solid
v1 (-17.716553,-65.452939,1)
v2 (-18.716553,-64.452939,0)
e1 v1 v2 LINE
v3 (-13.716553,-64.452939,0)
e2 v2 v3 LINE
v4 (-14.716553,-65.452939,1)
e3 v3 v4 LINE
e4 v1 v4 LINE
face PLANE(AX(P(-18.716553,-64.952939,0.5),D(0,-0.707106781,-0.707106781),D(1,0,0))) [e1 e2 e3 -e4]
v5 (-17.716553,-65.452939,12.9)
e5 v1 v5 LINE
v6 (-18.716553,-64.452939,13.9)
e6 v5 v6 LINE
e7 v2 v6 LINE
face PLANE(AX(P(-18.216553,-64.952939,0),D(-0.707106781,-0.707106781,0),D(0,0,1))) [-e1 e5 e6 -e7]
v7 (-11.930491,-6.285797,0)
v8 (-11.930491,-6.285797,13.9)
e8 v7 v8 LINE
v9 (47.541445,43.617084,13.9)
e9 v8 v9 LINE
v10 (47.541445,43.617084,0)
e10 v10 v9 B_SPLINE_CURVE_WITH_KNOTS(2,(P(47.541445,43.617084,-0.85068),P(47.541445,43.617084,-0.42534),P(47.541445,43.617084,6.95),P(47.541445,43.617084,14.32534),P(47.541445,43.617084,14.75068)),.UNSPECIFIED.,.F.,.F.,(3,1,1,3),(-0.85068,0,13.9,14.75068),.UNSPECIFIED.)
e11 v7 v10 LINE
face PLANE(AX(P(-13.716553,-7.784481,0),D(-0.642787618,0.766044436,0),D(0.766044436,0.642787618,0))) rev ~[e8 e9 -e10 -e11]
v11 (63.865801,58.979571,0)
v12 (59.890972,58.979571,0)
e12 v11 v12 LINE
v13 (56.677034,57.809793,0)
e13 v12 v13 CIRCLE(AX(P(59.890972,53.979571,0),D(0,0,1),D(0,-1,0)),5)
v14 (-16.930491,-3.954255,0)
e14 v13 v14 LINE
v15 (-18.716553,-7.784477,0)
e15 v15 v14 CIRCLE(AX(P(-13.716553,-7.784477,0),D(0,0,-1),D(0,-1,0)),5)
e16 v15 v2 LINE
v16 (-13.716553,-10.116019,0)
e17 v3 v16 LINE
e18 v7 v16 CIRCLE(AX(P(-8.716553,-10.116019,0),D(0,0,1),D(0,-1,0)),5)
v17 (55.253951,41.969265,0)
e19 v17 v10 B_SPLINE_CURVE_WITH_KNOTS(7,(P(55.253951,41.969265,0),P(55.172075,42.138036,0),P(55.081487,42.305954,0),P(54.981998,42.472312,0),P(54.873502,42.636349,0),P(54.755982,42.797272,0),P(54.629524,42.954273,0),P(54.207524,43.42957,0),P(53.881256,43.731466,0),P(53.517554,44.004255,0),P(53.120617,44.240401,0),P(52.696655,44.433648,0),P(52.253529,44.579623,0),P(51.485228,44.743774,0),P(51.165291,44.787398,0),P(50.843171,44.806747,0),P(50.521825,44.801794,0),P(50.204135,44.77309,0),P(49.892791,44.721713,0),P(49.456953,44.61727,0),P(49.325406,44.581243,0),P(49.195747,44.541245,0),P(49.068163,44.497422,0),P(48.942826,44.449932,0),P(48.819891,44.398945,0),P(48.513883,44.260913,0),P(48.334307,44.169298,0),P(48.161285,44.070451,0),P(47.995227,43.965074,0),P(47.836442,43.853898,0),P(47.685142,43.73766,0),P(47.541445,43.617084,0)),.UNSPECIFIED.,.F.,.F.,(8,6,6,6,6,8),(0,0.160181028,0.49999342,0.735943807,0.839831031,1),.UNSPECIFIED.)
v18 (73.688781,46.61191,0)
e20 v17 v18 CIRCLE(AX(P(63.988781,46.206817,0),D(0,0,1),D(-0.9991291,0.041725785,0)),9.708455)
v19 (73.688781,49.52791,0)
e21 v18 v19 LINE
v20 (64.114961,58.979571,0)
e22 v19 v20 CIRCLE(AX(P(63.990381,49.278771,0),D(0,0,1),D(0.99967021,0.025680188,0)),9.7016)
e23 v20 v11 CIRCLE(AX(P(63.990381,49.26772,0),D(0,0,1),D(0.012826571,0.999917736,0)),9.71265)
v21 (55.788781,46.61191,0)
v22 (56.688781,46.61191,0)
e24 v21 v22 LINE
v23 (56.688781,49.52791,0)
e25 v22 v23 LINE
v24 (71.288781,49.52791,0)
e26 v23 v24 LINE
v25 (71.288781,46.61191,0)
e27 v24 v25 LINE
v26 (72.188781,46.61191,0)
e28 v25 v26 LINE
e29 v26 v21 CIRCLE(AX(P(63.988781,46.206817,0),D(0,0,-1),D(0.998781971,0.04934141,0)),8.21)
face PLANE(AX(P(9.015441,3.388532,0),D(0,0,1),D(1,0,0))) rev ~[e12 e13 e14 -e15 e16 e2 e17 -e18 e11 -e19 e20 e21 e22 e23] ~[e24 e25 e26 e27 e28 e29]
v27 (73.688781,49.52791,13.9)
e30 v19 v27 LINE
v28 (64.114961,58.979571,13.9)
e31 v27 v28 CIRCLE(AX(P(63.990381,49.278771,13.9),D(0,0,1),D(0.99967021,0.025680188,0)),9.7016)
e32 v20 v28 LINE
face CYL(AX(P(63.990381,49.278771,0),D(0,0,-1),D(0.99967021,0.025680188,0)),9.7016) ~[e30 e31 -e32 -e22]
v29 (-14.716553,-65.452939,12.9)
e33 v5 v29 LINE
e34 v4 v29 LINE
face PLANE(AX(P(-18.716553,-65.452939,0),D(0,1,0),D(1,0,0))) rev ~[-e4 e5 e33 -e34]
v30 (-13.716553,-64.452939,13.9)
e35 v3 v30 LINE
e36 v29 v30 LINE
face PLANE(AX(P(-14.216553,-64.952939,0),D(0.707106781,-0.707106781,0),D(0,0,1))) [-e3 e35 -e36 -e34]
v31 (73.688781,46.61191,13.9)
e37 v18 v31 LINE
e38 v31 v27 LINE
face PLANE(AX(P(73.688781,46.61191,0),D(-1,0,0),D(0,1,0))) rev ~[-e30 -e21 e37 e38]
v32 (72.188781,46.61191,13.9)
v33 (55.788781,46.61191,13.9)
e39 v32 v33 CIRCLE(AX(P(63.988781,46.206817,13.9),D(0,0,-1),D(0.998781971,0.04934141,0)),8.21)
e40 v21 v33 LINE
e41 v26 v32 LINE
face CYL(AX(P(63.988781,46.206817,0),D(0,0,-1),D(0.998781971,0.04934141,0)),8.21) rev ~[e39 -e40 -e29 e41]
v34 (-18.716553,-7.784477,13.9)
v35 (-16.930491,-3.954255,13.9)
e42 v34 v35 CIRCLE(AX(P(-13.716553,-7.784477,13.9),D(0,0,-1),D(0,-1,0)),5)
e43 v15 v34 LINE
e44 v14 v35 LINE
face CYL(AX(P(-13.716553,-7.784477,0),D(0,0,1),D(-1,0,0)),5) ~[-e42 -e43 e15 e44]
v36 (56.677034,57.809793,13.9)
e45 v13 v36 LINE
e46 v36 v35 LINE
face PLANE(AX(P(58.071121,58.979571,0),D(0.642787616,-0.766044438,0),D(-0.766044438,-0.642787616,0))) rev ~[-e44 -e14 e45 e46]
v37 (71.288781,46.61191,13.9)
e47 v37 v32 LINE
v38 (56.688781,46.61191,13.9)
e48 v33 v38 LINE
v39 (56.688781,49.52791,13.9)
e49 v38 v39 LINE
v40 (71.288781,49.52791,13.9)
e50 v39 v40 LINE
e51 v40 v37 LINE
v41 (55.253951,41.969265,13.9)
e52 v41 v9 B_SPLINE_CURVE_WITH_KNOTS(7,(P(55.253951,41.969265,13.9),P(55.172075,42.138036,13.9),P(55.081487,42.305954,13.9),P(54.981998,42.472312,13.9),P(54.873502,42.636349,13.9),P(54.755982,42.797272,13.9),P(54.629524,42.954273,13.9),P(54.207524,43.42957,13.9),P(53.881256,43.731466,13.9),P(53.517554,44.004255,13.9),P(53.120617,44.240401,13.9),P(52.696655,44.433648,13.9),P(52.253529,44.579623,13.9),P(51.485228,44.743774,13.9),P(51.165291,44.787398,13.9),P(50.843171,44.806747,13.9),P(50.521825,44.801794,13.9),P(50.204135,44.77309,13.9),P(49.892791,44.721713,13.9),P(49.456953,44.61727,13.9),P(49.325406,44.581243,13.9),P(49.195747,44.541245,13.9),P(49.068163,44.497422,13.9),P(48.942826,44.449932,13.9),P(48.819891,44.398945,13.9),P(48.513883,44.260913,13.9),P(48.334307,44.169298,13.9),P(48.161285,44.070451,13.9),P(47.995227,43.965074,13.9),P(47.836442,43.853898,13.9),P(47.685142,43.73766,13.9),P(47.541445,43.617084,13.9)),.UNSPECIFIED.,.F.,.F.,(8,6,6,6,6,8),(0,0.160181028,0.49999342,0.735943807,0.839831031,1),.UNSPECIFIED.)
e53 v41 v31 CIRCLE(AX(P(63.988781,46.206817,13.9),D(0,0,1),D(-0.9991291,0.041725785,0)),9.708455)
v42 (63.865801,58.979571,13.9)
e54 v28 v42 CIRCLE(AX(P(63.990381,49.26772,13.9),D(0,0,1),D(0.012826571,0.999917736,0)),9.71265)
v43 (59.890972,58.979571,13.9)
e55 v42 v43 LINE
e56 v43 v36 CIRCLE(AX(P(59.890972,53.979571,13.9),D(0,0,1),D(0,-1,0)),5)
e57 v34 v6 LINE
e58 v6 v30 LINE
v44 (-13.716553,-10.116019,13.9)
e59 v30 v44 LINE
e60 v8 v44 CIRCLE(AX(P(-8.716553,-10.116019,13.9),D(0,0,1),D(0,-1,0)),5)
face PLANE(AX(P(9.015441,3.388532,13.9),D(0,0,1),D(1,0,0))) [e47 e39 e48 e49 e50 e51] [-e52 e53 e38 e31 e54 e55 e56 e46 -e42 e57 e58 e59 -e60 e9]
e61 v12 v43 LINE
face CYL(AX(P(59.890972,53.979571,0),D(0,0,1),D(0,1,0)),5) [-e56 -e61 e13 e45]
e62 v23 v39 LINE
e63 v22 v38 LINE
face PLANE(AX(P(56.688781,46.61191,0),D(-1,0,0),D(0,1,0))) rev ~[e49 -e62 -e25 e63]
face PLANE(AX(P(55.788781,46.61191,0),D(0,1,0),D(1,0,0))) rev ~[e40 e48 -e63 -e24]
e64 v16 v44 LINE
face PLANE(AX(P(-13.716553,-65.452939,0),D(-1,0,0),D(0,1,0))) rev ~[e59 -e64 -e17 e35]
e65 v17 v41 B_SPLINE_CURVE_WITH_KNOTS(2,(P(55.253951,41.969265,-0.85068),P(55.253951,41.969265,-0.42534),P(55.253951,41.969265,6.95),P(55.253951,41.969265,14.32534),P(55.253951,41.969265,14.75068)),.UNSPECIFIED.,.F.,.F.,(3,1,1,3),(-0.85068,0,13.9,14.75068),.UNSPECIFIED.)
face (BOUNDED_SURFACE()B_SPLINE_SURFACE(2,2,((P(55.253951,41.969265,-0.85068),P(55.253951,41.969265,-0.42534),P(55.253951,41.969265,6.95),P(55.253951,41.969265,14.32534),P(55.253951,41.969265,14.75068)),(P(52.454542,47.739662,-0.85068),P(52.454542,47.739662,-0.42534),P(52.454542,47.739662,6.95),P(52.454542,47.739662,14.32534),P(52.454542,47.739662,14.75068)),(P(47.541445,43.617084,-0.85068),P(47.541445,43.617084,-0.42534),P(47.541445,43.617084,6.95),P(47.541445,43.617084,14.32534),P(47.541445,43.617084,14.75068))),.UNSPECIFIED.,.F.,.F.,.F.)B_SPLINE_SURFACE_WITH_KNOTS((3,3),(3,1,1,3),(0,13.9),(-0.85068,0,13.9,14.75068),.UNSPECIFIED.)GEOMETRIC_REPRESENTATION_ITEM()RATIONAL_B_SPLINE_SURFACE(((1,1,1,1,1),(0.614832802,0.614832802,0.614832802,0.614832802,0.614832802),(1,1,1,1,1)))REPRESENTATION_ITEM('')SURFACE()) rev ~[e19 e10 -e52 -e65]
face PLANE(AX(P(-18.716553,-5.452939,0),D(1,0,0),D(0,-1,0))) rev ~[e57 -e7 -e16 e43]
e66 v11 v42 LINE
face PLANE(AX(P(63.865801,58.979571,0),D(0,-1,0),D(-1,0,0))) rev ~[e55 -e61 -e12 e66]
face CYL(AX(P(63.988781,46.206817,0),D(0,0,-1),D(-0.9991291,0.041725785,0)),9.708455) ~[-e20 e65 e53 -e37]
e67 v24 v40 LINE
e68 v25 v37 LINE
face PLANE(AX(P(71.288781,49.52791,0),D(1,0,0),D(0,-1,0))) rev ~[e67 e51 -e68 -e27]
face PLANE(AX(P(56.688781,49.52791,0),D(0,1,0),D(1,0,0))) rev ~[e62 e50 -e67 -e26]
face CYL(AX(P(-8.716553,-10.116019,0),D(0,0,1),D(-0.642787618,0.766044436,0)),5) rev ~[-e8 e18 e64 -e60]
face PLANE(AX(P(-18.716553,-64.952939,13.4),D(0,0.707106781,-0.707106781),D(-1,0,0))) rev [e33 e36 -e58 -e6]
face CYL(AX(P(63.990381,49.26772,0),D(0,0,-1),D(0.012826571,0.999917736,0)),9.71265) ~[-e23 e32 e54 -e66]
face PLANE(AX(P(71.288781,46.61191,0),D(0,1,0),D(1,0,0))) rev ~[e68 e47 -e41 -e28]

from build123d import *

# Parameters (mm, degrees)
F1_DEPTH = 13.9
F2_R     = 5
F3_R     = 5
F4_R     = 5
F5_SIZE  = 1


with BuildPart() as f1:
    # F0 (on Top) → F1 (new body)
    with BuildSketch(Plane.XY):
        with BuildLine():
            Line((-18.716553, -5.452939), (-18.716553, -65.452939))
            Line((-18.716553, -65.452939), (-13.716553, -65.452939))
            Line((-13.716553, -65.452939), (-13.716553, -7.784481))
            Line((-13.716553, -7.784481), (54.288781, 49.278771))
            ThreePointArc((54.288781, 49.278771), (57.086409, 56.09465), (63.865801, 58.979571))
            Line((63.865801, 58.979571), (58.071121, 58.979571))
            Line((58.071121, 58.979571), (-18.716553, -5.452939))
        make_face()
        with BuildLine():
            Line((64.114961, 58.979571), (63.865801, 58.979571))
            ThreePointArc((63.865801, 58.979571), (57.086409, 56.09465), (54.288781, 49.278771))
            Line((54.288781, 49.278771), (54.288781, 46.61191))
            ThreePointArc((54.288781, 46.61191), (63.988781, 36.498362), (73.688781, 46.61191))
            Line((73.688781, 46.61191), (73.688781, 49.52791))
            ThreePointArc((73.688781, 49.52791), (70.80626, 56.182743), (64.114961, 58.979571))
        make_face()
        with BuildLine():
            Line((56.688781, 49.52791), (71.288781, 49.52791))
            Line((71.288781, 49.52791), (71.288781, 46.61191))
            Line((71.288781, 46.61191), (72.188781, 46.61191))
            ThreePointArc((72.188781, 46.61191), (63.988781, 37.996817), (55.788781, 46.61191))
            Line((55.788781, 46.61191), (56.688781, 46.61191))
            Line((56.688781, 46.61191), (56.688781, 49.52791))
        make_face(mode=Mode.SUBTRACT)
        with BuildLine():
            ThreePointArc((64.114961, 58.979571), (63.990381, 58.98037), (63.865801, 58.979571))
            Line((63.865801, 58.979571), (64.114961, 58.979571))
        make_face()
    extrude(amount=F1_DEPTH)

    # F2
    f2_edges = [f1.edges().sort_by_distance(p)[0] for p in [
        (58.071121, 58.979571, 6.95),
    ]]
    fillet(f2_edges, radius=F2_R)

    # F3
    f3_edges = [f1.edges().sort_by_distance(p)[0] for p in [
        (54.288781, 49.278771, 6.95),
    ]]
    fillet(f3_edges, radius=F3_R)

    # F4
    f4_edges = [f1.edges().sort_by_distance(p)[0] for p in [
        (-13.716553, -7.784481, 6.95),
        (-18.716553, -5.452939, 6.95),
    ]]
    fillet(f4_edges, radius=F4_R)

    # F5
    f5_edges = [f1.edges().sort_by_distance(p)[0] for p in [
        (-18.716553, -65.452939, 6.95),
        (-16.216553, -65.452939, 13.9),
        (-13.716553, -65.452939, 6.95),
        (-16.216553, -65.452939, 0),
    ]]
    chamfer(f5_edges, length=F5_SIZE)


solid = f1.part
